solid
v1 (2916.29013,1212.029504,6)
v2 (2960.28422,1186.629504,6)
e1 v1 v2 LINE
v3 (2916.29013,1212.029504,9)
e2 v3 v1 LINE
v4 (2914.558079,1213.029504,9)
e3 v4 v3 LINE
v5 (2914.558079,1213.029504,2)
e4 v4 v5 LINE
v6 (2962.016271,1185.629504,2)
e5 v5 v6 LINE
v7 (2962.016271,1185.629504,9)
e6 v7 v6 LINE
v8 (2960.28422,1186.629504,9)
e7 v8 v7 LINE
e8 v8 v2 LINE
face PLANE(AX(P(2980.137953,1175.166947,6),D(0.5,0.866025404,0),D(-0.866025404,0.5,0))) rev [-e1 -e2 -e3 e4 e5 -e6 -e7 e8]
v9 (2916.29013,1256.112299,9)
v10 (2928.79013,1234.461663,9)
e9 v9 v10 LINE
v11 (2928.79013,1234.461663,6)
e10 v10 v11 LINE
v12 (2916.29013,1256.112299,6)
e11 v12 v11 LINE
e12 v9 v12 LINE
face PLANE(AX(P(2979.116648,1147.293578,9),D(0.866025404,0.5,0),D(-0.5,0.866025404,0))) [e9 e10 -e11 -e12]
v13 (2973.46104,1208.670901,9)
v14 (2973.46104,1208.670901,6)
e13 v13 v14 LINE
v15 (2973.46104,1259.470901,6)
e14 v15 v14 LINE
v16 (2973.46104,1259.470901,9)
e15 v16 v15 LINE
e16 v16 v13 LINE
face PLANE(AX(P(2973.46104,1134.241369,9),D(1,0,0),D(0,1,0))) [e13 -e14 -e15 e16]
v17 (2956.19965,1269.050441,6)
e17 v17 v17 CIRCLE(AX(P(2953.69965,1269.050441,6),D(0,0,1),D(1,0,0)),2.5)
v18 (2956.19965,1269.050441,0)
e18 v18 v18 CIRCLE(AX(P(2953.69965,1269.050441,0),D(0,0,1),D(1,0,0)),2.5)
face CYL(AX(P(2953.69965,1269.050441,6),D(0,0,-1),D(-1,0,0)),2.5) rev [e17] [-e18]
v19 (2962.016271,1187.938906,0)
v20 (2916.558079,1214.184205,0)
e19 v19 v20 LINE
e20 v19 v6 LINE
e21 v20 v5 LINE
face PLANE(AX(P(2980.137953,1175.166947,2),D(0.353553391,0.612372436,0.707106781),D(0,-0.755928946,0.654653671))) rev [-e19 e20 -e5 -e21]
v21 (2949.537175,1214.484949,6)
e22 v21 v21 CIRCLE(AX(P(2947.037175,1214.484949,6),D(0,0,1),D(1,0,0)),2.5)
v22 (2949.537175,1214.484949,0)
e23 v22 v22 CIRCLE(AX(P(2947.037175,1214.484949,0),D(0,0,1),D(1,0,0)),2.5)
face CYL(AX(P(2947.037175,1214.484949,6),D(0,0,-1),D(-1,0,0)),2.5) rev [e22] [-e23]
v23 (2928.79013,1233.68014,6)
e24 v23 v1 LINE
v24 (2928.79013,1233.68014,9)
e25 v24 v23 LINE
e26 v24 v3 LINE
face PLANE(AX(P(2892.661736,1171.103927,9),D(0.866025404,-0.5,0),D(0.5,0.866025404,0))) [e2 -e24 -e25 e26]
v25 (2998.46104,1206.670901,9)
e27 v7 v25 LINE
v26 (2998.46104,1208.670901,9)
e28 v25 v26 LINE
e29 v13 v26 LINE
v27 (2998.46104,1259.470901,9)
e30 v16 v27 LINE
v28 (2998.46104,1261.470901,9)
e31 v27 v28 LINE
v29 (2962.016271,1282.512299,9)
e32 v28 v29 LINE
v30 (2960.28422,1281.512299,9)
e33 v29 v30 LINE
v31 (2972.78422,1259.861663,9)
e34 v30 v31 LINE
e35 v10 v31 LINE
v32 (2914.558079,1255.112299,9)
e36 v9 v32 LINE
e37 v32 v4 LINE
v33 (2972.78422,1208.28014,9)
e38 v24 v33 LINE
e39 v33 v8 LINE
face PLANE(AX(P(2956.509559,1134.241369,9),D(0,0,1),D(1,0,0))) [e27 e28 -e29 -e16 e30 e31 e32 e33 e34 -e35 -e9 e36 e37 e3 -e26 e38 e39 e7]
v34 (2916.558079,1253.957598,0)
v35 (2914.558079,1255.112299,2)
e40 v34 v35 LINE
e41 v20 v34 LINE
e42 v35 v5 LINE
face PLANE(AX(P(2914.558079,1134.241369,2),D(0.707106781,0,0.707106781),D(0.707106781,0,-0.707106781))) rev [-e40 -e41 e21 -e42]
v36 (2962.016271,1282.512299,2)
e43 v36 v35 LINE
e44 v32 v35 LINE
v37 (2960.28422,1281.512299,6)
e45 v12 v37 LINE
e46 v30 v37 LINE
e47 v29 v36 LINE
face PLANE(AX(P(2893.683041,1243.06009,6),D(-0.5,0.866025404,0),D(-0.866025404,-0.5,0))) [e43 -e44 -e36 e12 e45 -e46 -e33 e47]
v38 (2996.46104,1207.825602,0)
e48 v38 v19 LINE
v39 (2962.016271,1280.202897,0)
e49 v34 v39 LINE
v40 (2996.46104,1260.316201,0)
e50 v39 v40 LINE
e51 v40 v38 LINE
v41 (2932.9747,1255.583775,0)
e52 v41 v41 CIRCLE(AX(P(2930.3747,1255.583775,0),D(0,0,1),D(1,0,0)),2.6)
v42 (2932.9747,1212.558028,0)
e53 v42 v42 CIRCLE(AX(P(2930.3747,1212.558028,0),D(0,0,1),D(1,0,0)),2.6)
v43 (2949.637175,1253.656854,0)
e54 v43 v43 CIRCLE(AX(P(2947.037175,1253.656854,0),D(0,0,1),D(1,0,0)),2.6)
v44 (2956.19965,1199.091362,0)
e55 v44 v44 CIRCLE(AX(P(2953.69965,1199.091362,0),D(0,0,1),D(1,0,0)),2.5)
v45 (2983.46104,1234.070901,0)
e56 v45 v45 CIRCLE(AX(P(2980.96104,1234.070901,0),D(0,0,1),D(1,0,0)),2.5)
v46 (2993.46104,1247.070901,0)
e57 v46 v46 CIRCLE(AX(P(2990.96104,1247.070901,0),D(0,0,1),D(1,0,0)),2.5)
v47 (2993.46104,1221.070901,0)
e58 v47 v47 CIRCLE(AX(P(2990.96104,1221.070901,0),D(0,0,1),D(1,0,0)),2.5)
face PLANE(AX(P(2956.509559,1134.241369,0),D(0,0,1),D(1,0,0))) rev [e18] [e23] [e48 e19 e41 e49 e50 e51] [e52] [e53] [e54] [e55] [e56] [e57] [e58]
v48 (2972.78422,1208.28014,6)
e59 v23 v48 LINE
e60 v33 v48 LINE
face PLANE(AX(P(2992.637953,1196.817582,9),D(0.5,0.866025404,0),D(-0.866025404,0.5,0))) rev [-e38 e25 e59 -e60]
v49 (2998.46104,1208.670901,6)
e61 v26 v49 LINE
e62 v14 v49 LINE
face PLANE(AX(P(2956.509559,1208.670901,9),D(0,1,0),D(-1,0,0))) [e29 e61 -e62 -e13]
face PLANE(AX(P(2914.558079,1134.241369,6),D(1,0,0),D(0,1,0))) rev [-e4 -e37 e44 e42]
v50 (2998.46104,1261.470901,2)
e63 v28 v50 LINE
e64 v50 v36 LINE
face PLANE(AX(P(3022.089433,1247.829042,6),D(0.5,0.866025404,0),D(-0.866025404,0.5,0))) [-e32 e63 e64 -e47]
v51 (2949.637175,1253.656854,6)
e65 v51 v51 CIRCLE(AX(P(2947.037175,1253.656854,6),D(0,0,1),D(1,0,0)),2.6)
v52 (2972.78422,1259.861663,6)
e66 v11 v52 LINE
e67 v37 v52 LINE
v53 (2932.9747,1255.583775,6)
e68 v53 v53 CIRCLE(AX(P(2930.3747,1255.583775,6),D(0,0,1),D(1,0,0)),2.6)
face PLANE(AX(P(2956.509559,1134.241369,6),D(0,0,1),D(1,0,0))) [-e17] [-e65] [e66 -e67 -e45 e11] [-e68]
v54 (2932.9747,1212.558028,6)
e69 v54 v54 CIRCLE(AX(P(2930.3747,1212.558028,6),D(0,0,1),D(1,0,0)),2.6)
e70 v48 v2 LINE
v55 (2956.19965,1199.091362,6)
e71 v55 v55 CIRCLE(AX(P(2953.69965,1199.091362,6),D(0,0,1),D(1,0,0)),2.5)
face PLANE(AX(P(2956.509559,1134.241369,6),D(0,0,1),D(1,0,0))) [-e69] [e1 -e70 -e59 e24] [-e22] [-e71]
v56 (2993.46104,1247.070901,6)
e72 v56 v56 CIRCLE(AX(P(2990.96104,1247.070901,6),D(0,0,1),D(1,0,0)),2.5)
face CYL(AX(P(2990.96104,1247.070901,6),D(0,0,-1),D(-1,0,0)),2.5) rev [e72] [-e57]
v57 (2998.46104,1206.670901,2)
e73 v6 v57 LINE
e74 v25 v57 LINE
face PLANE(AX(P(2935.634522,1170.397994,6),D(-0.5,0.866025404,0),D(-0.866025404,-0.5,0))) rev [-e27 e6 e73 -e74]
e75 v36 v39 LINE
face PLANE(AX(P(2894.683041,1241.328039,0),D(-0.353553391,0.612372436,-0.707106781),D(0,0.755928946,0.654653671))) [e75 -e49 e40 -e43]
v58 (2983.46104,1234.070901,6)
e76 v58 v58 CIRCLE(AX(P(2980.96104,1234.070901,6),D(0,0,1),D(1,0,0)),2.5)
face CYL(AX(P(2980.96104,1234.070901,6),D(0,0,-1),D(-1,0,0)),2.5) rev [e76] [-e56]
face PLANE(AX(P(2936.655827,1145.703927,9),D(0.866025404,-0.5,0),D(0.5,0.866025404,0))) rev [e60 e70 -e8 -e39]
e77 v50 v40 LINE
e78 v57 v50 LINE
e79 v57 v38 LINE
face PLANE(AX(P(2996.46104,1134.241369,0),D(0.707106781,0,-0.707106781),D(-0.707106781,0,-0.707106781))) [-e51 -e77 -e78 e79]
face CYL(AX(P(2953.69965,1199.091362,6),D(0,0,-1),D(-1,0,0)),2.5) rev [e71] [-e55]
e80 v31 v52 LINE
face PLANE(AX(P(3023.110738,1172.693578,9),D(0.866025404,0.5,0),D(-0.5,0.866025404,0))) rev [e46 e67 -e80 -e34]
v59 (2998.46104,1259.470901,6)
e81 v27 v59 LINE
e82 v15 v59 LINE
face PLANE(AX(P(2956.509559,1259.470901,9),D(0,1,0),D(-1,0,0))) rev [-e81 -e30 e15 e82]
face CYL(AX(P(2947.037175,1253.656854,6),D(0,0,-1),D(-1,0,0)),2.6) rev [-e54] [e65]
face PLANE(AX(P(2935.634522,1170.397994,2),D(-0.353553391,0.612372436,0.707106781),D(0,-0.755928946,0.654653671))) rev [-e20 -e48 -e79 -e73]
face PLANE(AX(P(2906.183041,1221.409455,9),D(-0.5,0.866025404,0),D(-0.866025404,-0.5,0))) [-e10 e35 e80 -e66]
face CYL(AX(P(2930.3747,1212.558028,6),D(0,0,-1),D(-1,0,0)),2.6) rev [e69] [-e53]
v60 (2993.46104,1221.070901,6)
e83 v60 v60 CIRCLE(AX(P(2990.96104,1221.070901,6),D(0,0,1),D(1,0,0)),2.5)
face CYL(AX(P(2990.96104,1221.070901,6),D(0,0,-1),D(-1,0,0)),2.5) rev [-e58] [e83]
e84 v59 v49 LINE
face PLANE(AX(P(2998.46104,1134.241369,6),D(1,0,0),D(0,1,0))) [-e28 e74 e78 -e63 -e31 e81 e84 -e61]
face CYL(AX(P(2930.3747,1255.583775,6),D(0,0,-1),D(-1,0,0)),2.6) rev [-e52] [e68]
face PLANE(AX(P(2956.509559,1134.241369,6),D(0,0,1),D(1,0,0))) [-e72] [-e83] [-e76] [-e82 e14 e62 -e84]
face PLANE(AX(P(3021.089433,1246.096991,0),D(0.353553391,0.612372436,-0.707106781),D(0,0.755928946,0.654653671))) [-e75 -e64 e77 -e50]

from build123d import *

# Parameters (mm, degrees)
SKETCH1_R           = 2.5
SKETCH1_R_2         = 2.6
BOSS_EXTRUDE1_DEPTH = 6
BOSS_EXTRUDE2_DEPTH = 3
CHAMFER1_SIZE       = 2


with BuildPart() as part:
    # Sketch1 → Boss-Extrude1 (new body)
    with BuildSketch(Plane.XY):
        Polygon((2998.461039771, 1261.470901479), (2998.461039771, 1206.670901479), (2962.016271034, 1185.629504438), (2914.558078907, 1213.029504438), (2914.558078907, 1255.11229852), (2962.016271034, 1282.51229852), align=None)
        with Locations((2990.961039771, 1221.070901479)):
            Circle(SKETCH1_R, mode=Mode.SUBTRACT)
        with Locations((2980.961039771, 1234.070901479)):
            Circle(SKETCH1_R, mode=Mode.SUBTRACT)
        with Locations((2990.961039771, 1247.070901479)):
            Circle(SKETCH1_R, mode=Mode.SUBTRACT)
        with Locations((2953.699650408, 1269.050441325)):
            Circle(SKETCH1_R, mode=Mode.SUBTRACT)
        with Locations((2930.374699533, 1255.583774658)):
            Circle(SKETCH1_R_2, mode=Mode.SUBTRACT)
        with Locations((2947.03717497, 1214.484949004)):
            Circle(SKETCH1_R, mode=Mode.SUBTRACT)
        with Locations((2953.699650408, 1199.091361633)):
            Circle(SKETCH1_R, mode=Mode.SUBTRACT)
        with Locations((2930.374699533, 1212.5580283)):
            Circle(SKETCH1_R_2, mode=Mode.SUBTRACT)
        with Locations((2947.03717497, 1253.656853954)):
            Circle(SKETCH1_R_2, mode=Mode.SUBTRACT)
    extrude(amount=BOSS_EXTRUDE1_DEPTH)

    # Sketch2 → Boss-Extrude2 (add)
    with BuildSketch(Plane.XY.offset(6)):
        Polygon((2916.290129714, 1212.029504438), (2928.790129714, 1233.680139532), (2972.784220226, 1208.280139532), (2960.284220226, 1186.629504438), (2962.016271034, 1185.629504438), (2998.461039771, 1206.670901479), (2998.461039771, 1208.670901479), (2973.461039771, 1208.670901479), (2973.461039771, 1259.470901479), (2998.461039771, 1259.470901479), (2998.461039771, 1261.470901479), (2962.016271034, 1282.51229852), (2960.284220226, 1281.51229852), (2972.784220226, 1259.861663425), (2928.790129714, 1234.461663425), (2916.290129714, 1256.11229852), (2914.558078907, 1255.11229852), (2914.558078907, 1213.029504438), align=None)
    extrude(amount=BOSS_EXTRUDE2_DEPTH)

    # Chamfer1
    chamfer1_edges = [part.edges().sort_by_distance(p)[0] for p in [
        (2980.238655403, 1196.150202958, 0),
        (2938.28717497, 1199.329504438, 0),
        (2914.558078907, 1234.070901479, 0),
        (2938.28717497, 1268.81229852, 0),
        (2980.238655403, 1271.991599999, 0),
        (2998.461039771, 1234.070901479, 0),
    ]]
    chamfer(chamfer1_edges, length=CHAMFER1_SIZE)


solid = part.part
